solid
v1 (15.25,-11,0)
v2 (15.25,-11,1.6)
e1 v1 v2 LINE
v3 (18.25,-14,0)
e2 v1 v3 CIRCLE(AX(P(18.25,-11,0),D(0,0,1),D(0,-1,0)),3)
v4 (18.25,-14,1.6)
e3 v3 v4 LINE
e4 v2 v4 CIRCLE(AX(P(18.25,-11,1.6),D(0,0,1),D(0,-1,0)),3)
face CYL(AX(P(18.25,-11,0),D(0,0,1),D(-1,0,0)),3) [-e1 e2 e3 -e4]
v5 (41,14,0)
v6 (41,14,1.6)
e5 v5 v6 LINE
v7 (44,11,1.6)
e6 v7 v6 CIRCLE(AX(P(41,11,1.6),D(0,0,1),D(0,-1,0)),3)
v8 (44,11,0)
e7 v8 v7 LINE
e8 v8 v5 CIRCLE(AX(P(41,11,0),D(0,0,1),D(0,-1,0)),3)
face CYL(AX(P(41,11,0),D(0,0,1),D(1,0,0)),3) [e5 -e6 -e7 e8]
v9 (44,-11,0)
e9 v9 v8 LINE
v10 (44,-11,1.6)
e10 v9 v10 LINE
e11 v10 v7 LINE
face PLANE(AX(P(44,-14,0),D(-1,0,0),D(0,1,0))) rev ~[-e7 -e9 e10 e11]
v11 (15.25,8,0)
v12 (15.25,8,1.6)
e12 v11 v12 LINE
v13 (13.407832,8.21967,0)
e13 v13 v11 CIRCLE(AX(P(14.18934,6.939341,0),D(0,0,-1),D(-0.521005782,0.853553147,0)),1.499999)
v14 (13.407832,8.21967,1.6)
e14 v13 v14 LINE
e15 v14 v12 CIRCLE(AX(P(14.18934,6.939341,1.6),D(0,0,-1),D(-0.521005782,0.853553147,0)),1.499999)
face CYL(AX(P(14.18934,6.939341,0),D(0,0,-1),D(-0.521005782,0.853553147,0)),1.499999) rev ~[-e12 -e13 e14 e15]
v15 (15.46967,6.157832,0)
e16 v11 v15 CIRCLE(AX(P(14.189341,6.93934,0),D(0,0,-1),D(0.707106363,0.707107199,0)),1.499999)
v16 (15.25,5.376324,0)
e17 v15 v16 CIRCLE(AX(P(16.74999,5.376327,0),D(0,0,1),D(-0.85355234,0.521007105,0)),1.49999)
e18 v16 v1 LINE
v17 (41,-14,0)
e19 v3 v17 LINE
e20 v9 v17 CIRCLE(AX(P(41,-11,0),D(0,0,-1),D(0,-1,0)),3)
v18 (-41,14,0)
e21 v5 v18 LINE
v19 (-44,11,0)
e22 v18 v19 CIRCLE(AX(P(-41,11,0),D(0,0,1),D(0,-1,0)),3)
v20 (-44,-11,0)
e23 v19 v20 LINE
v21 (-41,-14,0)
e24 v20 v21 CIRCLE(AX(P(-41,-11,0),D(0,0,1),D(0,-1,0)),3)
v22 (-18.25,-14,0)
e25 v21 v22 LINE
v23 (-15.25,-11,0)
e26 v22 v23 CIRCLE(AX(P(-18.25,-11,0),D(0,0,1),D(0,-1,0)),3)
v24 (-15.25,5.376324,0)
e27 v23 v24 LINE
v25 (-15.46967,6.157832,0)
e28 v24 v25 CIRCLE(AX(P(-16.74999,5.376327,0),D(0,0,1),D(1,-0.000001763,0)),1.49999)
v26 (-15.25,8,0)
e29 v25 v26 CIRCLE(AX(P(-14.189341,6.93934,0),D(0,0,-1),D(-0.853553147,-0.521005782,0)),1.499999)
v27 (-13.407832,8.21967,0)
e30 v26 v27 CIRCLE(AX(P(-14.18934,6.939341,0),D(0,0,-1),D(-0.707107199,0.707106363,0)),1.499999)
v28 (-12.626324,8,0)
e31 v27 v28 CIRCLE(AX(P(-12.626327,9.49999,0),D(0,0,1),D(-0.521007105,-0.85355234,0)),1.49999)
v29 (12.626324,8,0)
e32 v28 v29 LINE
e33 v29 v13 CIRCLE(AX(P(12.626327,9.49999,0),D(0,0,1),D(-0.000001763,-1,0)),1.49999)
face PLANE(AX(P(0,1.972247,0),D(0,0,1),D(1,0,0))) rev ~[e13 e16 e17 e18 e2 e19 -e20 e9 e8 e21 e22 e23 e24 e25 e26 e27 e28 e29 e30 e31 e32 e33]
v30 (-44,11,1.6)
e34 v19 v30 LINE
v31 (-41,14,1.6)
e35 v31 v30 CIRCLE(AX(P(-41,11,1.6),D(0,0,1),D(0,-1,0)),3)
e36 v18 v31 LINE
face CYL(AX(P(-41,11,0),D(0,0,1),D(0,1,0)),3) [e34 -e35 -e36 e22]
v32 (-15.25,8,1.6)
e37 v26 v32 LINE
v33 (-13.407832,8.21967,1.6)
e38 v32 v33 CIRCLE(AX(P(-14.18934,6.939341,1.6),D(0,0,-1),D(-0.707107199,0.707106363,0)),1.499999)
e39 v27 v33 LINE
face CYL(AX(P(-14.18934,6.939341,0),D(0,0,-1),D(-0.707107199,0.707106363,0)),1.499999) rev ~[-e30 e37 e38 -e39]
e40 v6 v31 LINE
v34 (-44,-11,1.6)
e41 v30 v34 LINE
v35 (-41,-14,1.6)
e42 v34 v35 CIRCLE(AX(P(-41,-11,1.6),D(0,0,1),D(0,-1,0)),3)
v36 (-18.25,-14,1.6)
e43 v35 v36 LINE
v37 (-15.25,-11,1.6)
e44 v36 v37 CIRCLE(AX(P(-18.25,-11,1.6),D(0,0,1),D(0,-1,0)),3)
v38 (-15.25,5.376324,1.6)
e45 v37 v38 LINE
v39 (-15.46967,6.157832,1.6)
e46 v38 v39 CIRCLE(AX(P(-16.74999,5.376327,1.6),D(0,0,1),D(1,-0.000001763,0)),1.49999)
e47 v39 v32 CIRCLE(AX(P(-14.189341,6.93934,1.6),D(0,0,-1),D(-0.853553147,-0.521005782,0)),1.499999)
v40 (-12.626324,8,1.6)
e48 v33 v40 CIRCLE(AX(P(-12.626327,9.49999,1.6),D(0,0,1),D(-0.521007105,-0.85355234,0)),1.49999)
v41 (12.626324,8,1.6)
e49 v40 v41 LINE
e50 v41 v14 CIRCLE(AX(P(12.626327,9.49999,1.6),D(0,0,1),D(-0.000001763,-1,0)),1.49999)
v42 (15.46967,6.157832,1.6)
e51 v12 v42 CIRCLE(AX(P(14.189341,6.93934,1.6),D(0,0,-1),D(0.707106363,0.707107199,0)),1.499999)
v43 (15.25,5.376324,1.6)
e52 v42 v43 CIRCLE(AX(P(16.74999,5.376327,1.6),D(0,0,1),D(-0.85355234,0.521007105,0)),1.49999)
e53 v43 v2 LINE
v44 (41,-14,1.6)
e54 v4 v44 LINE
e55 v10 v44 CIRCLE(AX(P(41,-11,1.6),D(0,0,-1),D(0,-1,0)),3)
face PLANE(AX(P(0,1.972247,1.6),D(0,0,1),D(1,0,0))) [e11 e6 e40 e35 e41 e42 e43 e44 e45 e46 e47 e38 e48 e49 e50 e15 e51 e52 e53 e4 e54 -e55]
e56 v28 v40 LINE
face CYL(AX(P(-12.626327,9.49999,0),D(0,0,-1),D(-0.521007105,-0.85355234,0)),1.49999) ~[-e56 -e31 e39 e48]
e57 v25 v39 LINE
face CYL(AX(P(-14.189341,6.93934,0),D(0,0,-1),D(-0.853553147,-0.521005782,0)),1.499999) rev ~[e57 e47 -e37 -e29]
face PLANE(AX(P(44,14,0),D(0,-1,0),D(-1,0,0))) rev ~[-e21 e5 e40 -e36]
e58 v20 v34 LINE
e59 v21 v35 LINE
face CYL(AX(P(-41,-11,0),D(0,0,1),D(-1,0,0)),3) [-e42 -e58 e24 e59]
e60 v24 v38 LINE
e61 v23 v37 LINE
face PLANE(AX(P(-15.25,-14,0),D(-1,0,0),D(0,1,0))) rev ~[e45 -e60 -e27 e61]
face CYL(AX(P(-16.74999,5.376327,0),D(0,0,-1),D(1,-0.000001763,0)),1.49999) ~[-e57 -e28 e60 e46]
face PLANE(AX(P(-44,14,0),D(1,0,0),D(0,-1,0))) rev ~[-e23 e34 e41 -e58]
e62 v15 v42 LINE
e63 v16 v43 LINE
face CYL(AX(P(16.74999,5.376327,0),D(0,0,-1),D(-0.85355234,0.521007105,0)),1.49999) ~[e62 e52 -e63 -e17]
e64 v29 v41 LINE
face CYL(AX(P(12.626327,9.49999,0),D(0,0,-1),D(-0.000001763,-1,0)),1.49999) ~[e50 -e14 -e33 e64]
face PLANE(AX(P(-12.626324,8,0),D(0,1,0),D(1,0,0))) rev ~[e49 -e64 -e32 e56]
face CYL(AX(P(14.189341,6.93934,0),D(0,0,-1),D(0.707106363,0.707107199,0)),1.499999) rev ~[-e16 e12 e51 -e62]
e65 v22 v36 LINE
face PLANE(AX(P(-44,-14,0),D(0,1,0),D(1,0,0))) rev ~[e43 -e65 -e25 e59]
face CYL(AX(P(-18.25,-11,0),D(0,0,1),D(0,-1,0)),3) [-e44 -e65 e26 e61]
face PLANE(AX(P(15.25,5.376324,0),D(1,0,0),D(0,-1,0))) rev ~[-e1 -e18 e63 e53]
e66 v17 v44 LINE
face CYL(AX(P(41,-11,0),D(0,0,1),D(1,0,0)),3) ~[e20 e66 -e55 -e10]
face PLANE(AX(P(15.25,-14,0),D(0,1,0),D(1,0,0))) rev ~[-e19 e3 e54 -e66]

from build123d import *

# Parameters (mm, degrees)
F1_DEPTH = 1.6
F2_R     = 3


with BuildPart() as f1:
    # F0 (on Top) → F1 (new body)
    with BuildSketch(Plane.XY):
        with BuildLine():
            Line((44, -14), (44, 14))
            Line((44, 14), (-44, 14))
            Line((-44, 14), (-44, -14))
            Line((-44, -14), (-15.25, -14))
            Line((-15.25, -14), (-15.25, 5.376324))
            ThreePointArc((-15.25, 5.376324), (-15.305961, 5.782221), (-15.46967, 6.157832))
            ThreePointArc((-15.46967, 6.157832), (-15.678788, 7.116949), (-15.25, 8))
            ThreePointArc((-15.25, 8), (-14.366949, 8.428788), (-13.407832, 8.21967))
            ThreePointArc((-13.407832, 8.21967), (-13.032221, 8.055961), (-12.626324, 8))
            Line((-12.626324, 8), (12.626324, 8))
            ThreePointArc((12.626324, 8), (13.032221, 8.055961), (13.407832, 8.21967))
            ThreePointArc((13.407832, 8.21967), (14.366949, 8.428788), (15.25, 8))
            ThreePointArc((15.25, 8), (15.678788, 7.116949), (15.46967, 6.157832))
            ThreePointArc((15.46967, 6.157832), (15.305961, 5.782221), (15.25, 5.376324))
            Line((15.25, 5.376324), (15.25, -14))
            Line((15.25, -14), (44, -14))
        make_face()
    extrude(amount=F1_DEPTH)

    # F2
    f2_edges = [f1.edges().sort_by_distance(p)[0] for p in [
        (-15.25, -14, 0.8),
        (-44, -14, 0.8),
        (-44, 14, 0.8),
        (44, 14, 0.8),
        (44, -14, 0.8),
        (15.25, -14, 0.8),
    ]]
    fillet(f2_edges, radius=F2_R)


solid = f1.part
